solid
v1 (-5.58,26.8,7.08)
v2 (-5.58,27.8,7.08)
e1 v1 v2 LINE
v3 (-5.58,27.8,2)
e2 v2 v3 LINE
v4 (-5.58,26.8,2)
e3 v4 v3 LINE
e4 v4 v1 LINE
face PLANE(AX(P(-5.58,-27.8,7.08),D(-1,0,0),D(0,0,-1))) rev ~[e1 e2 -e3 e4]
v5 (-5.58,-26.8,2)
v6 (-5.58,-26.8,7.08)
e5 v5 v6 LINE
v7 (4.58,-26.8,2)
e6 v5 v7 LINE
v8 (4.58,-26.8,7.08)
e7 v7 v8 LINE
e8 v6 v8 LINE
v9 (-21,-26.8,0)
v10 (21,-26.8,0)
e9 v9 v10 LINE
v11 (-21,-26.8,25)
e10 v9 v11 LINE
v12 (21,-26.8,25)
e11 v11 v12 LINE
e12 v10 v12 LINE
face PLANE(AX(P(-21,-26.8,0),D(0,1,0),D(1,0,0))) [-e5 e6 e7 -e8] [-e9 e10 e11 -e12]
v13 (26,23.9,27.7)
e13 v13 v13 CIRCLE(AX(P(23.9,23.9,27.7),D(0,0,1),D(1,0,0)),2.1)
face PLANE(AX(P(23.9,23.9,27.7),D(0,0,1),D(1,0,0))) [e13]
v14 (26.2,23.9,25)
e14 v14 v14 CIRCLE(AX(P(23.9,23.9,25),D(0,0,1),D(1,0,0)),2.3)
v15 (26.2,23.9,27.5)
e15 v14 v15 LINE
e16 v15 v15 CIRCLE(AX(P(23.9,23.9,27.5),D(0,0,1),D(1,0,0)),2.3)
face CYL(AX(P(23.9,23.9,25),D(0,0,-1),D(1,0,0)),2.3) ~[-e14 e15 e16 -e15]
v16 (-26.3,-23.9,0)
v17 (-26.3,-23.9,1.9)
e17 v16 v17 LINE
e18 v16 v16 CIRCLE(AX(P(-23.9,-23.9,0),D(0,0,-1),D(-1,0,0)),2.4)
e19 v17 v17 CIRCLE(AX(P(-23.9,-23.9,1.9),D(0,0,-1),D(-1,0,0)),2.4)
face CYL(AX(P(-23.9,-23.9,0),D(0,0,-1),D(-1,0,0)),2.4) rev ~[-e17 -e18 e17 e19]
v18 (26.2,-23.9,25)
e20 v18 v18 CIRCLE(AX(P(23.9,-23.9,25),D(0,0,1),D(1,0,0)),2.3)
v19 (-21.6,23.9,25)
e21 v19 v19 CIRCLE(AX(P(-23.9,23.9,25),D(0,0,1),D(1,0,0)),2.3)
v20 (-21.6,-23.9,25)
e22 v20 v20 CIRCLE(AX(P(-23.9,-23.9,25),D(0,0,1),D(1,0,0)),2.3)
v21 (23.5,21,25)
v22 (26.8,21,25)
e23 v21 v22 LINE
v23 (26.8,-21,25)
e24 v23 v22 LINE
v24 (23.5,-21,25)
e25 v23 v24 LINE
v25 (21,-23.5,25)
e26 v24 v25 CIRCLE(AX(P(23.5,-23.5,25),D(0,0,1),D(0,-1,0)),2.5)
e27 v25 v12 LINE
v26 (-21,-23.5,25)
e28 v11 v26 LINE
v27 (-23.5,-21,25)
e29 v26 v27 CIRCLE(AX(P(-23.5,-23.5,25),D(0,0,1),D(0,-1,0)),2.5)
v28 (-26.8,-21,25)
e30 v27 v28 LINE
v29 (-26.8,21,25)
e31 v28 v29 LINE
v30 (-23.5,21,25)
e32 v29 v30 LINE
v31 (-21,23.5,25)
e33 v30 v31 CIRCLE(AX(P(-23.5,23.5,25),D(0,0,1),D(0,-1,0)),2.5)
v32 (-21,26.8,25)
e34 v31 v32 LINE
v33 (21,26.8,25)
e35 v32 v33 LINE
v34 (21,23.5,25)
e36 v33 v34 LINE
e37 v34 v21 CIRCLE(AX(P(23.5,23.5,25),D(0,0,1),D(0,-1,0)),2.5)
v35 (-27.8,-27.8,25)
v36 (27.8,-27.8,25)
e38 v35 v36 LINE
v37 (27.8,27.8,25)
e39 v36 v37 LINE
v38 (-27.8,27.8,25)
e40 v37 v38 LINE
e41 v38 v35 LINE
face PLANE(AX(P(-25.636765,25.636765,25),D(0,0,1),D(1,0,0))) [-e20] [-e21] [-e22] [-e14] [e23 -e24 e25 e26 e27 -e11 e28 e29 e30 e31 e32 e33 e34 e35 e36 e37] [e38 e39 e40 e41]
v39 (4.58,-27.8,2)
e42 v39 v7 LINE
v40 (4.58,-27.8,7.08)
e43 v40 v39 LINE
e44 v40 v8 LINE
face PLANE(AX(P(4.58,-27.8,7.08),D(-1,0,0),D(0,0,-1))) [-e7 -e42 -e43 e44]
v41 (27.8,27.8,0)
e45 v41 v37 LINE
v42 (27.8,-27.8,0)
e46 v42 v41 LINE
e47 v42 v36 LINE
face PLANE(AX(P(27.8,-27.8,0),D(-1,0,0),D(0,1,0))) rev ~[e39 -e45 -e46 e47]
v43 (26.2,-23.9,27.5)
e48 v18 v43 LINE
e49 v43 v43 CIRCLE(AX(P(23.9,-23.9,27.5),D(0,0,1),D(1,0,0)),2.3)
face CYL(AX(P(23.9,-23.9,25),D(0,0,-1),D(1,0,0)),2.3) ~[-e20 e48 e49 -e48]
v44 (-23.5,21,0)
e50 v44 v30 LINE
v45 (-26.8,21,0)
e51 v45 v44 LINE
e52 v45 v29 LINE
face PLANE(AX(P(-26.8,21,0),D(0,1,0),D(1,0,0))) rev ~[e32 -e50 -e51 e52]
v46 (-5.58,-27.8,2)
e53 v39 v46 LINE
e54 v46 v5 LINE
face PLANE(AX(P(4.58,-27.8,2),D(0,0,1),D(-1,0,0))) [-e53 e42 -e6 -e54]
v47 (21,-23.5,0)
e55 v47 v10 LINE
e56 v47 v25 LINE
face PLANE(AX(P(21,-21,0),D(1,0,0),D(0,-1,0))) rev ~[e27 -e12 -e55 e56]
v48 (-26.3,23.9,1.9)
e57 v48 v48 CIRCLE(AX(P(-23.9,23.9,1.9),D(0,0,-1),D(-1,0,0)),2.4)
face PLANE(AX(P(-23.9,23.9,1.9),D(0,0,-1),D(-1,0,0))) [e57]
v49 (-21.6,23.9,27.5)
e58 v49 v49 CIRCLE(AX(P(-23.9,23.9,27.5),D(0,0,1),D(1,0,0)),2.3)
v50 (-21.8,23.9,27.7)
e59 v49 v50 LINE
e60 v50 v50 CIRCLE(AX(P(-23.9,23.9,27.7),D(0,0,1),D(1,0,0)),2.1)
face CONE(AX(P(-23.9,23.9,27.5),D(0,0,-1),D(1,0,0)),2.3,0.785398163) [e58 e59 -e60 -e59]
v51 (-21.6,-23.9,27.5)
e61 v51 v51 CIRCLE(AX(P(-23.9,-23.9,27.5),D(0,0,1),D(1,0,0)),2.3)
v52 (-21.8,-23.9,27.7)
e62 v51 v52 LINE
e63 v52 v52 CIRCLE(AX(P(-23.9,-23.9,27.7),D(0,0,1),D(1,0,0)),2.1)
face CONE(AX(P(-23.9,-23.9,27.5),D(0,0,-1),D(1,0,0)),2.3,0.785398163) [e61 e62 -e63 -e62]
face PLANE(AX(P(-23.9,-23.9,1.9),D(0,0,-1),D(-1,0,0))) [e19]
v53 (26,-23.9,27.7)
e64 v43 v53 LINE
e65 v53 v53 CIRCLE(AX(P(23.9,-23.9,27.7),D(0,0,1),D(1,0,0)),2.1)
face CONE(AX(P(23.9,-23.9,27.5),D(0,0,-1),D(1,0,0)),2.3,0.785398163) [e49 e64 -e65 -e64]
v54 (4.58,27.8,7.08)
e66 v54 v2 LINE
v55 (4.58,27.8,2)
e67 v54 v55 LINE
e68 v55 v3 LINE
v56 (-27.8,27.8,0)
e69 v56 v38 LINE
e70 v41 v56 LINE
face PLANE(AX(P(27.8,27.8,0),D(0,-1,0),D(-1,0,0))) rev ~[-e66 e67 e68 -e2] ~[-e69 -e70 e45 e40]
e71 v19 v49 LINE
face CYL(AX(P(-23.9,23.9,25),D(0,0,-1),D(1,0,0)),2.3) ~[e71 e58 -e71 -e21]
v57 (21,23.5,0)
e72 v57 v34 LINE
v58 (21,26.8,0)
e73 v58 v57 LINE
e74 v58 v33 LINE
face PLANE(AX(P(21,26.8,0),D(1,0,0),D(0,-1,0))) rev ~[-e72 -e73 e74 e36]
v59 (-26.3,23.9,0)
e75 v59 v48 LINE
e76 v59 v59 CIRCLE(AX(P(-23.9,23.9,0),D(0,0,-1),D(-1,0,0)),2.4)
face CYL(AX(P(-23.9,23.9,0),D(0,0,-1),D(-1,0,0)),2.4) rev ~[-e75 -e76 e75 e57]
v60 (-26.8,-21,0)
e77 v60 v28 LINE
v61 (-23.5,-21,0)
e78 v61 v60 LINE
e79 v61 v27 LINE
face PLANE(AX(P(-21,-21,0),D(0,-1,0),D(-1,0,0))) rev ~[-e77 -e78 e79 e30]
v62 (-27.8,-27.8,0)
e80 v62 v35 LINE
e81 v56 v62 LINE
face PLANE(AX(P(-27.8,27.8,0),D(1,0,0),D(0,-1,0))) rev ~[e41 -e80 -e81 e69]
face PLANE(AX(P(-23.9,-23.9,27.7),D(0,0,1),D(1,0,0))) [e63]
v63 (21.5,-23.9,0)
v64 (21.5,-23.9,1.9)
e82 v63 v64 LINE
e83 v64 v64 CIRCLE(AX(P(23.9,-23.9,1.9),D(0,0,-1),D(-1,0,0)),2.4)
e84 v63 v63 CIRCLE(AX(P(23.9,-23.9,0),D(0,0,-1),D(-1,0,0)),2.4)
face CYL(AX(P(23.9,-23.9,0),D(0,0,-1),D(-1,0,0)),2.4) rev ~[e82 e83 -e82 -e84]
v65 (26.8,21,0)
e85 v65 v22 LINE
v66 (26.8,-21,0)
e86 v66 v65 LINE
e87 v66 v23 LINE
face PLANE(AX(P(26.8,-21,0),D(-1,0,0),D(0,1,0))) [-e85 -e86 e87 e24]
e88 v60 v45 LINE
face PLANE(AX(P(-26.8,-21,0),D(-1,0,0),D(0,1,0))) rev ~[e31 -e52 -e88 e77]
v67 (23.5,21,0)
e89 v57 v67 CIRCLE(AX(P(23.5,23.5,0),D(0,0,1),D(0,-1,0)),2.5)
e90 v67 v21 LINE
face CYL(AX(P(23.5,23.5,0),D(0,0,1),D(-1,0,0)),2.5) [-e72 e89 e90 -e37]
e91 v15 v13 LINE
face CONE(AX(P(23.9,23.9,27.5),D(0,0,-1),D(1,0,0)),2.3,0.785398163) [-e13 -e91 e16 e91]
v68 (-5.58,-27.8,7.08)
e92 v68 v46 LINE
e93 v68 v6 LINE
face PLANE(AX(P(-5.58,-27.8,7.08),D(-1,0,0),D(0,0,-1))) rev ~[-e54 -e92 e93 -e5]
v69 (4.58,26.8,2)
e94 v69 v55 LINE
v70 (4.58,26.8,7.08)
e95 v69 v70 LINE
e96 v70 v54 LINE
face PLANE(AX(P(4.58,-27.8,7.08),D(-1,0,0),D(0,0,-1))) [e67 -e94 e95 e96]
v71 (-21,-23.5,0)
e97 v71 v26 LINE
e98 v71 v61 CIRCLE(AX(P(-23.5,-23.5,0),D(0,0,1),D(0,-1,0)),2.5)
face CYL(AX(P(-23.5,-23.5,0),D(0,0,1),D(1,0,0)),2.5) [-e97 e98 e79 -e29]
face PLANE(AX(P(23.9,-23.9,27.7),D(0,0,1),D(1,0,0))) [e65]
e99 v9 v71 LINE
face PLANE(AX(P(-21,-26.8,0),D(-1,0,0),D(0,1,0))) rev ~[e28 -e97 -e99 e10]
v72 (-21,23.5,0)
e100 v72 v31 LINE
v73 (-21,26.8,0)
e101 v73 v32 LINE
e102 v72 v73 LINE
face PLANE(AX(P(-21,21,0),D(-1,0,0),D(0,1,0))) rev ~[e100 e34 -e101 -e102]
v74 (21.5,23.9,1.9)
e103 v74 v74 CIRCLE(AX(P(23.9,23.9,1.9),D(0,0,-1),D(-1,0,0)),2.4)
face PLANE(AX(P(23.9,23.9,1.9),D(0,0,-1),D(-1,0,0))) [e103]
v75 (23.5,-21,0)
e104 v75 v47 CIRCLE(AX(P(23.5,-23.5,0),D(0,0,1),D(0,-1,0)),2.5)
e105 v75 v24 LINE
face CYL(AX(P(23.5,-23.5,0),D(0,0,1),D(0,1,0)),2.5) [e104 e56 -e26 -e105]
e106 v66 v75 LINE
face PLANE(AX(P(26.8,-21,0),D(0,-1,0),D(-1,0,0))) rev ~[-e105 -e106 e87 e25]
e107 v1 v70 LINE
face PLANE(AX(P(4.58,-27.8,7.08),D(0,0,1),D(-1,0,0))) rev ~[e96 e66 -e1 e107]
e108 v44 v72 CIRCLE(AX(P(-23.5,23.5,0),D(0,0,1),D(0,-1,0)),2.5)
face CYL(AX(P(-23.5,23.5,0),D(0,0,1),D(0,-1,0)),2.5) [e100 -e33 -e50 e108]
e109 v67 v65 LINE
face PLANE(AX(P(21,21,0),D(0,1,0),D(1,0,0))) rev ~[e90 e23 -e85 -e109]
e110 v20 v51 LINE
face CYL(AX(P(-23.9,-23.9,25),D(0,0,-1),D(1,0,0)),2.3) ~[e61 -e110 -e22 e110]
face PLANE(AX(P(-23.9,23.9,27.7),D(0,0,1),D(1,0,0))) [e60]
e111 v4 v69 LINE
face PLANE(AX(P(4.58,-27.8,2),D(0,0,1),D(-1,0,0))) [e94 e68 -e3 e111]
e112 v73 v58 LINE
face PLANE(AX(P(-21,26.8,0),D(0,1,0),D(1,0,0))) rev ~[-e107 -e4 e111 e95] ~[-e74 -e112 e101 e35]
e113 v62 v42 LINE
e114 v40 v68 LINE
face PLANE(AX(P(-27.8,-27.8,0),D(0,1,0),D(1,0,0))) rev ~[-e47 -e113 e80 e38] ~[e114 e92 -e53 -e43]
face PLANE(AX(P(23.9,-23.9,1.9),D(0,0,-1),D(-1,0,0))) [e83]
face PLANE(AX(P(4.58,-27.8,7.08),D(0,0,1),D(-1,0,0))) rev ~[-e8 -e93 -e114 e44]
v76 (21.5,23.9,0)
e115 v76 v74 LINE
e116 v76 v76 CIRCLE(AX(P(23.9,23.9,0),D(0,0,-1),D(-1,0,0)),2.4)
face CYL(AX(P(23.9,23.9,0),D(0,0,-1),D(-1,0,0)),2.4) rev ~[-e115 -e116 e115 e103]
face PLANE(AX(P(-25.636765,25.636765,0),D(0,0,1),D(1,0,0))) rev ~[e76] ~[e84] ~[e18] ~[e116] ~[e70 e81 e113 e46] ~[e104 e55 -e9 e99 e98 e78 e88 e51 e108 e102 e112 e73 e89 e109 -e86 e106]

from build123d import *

# Parameters (mm, degrees)
SKICA1_W                 = 5.8
SKICA1_H                 = 5.8
SKICA1_W_2               = 1
SKICA1_H_2               = 42
SKICA1_W_3               = 42
SKICA1_H_3               = 1
P_IDAT_VYSUNUT_M2_DEPTH  = 25
ZAOBLIT1_R               = 2.5
SKICA2_R                 = 2.4
ODEBRAT_VYSUNUT_M1_DEPTH = 1.9
SKICA3_R                 = 2.3
P_IDAT_VYSUNUT_M3_DEPTH  = 2.7
ZKOSEN_1_SIZE            = 0.2
SKICA4_W                 = 10.16
SKICA4_H                 = 5.08
ODEBRAT_VYSUNUT_M2_DEPTH = 68.7


with BuildPart() as part:
    # Skica1 → Přidat vysunutím2 (new body)
    with BuildSketch(Plane.XY):
        Polygon((-27.8, 27.8), (-27.8, 21), (-26.8, 21), (-26.8, 26.8), (-21, 26.8), (-21, 27.8), align=None)
        with Locations((-23.9, 23.9)):
            Rectangle(SKICA1_W, SKICA1_H)
        Polygon((26.8, 21), (27.8, 21), (27.8, 27.8), (21, 27.8), (21, 26.8), (26.8, 26.8), align=None)
        with Locations((23.9, 23.9)):
            Rectangle(SKICA1_W, SKICA1_H)
        Polygon((21, -26.8), (21, -27.8), (27.8, -27.8), (27.8, -21), (26.8, -21), (26.8, -26.8), align=None)
        with Locations((23.9, -23.9)):
            Rectangle(SKICA1_W, SKICA1_H)
        with Locations((-23.9, -23.9)):
            Rectangle(SKICA1_W, SKICA1_H)
        Polygon((-27.8, -27.8), (-21, -27.8), (-21, -26.8), (-26.8, -26.8), (-26.8, -21), (-27.8, -21), align=None)
        with Locations((-27.3, 0)):
            Rectangle(SKICA1_W_2, SKICA1_H_2)
        with Locations((0, -27.3)):
            Rectangle(SKICA1_W_3, SKICA1_H_3)
        with Locations((27.3, 0)):
            Rectangle(SKICA1_W_2, SKICA1_H_2)
        with Locations((0, 27.3)):
            Rectangle(SKICA1_W_3, SKICA1_H_3)
    extrude(amount=P_IDAT_VYSUNUT_M2_DEPTH)

    # Zaoblit1
    zaoblit1_edges = [part.edges().sort_by_distance(p)[0] for p in [
        (21, -21, 12.5),
        (21, 21, 12.5),
        (-21, 21, 12.5),
        (-21, -21, 12.5),
    ]]
    fillet(zaoblit1_edges, radius=ZAOBLIT1_R)

    # Skica2 → Odebrat vysunutím1 (cut)
    with BuildSketch(Plane(origin=(0, 0, 0), x_dir=(-1, 0, 0), z_dir=(0, 0, -1))):
        with Locations((-23.9, 23.9)):
            Circle(SKICA2_R)
        with Locations((23.9, 23.9)):
            Circle(SKICA2_R)
        with Locations((23.9, -23.9)):
            Circle(SKICA2_R)
        with Locations((-23.9, -23.9)):
            Circle(SKICA2_R)
    extrude(amount=-ODEBRAT_VYSUNUT_M1_DEPTH, mode=Mode.SUBTRACT)

    # Skica3 → Přidat vysunutím3 (add)
    with BuildSketch(Plane.XY.offset(25)):
        with Locations((-23.9, 23.9)):
            Circle(SKICA3_R)
        with Locations((23.9, 23.9)):
            Circle(SKICA3_R)
        with Locations((23.9, -23.9)):
            Circle(SKICA3_R)
        with Locations((-23.9, -23.9)):
            Circle(SKICA3_R)
    extrude(amount=P_IDAT_VYSUNUT_M3_DEPTH)

    # Zkosení1
    zkosen_1_edges = [part.edges().sort_by_distance(p)[0] for p in [
        (-26.2, 23.9, 27.7),
        (21.6, 23.9, 27.7),
        (21.6, -23.9, 27.7),
        (-26.2, -23.9, 27.7),
    ]]
    chamfer(zkosen_1_edges, length=ZKOSEN_1_SIZE)

    # Skica4 → Odebrat vysunutím2 (cut)
    with BuildSketch(Plane(origin=(0, -27.8, 0), x_dir=(-1, 0, 0), z_dir=(0, -1, 0))):
        with Locations((0.5, -4.54)):
            Rectangle(SKICA4_W, SKICA4_H)
    extrude(amount=-ODEBRAT_VYSUNUT_M2_DEPTH, mode=Mode.SUBTRACT)


solid = part.part
